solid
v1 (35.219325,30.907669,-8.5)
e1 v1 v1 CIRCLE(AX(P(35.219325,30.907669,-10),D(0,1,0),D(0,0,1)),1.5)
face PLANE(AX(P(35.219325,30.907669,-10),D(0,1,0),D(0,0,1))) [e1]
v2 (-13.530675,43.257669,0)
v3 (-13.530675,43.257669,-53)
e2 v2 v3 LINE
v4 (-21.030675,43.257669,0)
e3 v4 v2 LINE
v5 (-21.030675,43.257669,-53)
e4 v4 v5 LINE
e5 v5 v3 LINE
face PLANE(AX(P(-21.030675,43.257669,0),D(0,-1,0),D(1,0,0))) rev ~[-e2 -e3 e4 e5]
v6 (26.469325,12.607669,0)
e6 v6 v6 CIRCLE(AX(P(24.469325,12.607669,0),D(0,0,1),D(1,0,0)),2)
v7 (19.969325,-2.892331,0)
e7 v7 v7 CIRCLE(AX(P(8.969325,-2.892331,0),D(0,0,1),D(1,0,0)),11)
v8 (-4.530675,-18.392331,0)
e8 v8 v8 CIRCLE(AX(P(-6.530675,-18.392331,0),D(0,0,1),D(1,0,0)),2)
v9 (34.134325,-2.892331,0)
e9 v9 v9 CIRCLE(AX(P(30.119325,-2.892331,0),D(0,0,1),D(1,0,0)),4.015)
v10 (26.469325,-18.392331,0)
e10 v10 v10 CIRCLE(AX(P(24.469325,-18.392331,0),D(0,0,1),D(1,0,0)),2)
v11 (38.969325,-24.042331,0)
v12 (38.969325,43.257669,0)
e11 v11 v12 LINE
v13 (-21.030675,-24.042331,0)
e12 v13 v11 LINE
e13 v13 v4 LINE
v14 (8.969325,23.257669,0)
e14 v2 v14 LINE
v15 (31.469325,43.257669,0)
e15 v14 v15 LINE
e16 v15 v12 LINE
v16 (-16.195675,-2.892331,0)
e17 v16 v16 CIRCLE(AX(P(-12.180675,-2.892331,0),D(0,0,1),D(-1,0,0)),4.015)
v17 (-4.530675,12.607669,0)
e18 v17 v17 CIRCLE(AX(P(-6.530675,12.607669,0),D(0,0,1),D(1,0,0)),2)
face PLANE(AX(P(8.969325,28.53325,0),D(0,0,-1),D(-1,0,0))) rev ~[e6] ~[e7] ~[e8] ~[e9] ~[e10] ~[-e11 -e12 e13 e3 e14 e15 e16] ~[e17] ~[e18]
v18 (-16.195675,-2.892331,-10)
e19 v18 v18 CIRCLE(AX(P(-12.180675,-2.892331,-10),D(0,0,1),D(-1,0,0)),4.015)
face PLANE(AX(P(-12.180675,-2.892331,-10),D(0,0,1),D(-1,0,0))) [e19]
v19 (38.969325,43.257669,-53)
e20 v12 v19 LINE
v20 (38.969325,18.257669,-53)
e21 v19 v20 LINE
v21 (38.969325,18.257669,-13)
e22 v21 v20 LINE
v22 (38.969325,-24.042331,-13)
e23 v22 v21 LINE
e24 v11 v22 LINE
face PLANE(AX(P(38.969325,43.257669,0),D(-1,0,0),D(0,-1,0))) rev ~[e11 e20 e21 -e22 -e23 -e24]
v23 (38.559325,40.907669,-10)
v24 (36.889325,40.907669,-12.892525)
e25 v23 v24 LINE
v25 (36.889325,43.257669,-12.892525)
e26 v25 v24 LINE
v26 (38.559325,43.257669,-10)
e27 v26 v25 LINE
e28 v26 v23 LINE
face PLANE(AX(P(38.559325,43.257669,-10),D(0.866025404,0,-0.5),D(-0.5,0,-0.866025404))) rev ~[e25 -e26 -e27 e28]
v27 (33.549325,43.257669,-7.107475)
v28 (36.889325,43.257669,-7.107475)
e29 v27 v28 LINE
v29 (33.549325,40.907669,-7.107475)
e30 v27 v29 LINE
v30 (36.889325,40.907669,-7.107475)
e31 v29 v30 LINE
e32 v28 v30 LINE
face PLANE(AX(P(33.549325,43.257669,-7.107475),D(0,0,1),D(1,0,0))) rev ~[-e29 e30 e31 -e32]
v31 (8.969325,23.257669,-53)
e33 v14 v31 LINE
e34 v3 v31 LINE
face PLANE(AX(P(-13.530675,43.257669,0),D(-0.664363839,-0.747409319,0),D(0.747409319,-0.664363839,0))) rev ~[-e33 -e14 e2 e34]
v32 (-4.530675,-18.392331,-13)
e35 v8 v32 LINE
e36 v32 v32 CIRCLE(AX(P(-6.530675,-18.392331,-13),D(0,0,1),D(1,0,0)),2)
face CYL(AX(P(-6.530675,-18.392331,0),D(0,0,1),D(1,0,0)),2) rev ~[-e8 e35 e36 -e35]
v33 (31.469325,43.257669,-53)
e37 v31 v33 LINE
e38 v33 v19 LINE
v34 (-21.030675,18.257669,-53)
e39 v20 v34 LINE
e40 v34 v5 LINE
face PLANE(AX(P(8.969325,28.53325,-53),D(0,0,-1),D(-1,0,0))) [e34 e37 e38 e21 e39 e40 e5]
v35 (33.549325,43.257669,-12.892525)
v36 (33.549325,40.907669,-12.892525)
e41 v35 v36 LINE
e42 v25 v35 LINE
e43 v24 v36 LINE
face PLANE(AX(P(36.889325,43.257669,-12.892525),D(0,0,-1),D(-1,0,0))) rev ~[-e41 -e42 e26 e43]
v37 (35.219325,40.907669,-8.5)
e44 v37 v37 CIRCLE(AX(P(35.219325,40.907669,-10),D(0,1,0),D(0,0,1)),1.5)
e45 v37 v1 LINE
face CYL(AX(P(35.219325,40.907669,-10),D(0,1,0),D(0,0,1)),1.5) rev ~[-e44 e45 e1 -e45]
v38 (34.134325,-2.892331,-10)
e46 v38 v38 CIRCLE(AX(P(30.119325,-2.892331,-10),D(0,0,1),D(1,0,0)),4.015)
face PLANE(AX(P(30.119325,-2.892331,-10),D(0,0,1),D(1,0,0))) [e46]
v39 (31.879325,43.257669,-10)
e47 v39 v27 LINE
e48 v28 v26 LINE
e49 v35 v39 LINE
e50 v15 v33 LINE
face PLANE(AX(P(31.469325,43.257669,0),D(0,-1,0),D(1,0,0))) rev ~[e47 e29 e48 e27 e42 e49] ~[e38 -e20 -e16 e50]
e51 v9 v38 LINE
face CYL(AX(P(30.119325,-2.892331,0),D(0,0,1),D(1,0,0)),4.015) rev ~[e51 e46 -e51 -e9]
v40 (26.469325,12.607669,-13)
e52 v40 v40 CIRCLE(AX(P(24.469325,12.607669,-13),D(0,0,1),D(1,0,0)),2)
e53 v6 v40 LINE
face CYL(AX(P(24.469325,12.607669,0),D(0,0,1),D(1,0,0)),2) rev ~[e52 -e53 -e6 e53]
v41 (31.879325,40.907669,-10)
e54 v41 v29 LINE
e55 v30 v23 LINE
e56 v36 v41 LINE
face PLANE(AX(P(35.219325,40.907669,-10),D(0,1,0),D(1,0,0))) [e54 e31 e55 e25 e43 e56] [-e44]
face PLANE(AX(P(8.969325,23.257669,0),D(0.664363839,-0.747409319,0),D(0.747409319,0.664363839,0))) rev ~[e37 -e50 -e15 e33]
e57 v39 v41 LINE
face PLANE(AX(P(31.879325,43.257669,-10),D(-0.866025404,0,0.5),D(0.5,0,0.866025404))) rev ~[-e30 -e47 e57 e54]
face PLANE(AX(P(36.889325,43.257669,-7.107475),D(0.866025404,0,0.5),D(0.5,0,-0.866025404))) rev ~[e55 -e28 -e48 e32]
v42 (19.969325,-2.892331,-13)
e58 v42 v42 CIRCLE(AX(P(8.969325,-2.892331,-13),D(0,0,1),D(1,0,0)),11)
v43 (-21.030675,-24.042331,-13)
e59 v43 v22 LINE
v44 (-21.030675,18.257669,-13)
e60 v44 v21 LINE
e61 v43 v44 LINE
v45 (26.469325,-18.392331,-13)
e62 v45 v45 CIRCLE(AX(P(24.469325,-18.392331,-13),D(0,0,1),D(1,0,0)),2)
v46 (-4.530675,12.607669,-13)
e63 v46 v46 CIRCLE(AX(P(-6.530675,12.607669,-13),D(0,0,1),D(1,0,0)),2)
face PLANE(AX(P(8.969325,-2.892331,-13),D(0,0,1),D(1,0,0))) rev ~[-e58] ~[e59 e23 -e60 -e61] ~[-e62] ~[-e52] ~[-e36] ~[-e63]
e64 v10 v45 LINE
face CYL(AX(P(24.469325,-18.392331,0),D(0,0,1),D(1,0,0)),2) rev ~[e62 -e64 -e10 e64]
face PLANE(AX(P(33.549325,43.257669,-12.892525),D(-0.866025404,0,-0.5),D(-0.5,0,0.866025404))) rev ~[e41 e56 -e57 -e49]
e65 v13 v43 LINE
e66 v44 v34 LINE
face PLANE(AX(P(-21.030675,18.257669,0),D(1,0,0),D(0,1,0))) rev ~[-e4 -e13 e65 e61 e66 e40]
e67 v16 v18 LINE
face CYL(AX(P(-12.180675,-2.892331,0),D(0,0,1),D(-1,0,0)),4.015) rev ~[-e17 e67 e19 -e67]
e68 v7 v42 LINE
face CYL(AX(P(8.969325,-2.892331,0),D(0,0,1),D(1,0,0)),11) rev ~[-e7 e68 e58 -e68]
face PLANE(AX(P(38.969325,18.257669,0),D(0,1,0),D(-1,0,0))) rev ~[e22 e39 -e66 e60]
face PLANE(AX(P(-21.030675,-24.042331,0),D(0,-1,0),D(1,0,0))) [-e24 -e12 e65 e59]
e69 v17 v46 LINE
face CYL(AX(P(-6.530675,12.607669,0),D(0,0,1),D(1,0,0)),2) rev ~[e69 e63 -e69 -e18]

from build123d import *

# Parameters (mm, degrees)
SKETCH2_W           = 60
SKETCH2_H           = 42.3
BOSS_EXTRUDE1_DEPTH = 13
SKETCH4_R           = 11
SKETCH4_R_2         = 2
CUT_EXTRUDE1_DEPTH  = 48.598760453
SKETCH5_R           = 4.015
CUT_EXTRUDE2_DEPTH  = 10
BOSS_EXTRUDE2_DEPTH = 53
CUT_EXTRUDE3_DEPTH  = 2.35
SKETCH8_R           = 1.5
CUT_EXTRUDE4_DEPTH  = 10


with BuildPart() as part:
    # Sketch2 → Boss-Extrude1 (new body)
    with BuildSketch(Plane.XY):
        with Locations((8.969325153, -2.892331288)):
            Rectangle(SKETCH2_W, SKETCH2_H)
    extrude(amount=-BOSS_EXTRUDE1_DEPTH)

    # Sketch4 → Cut-Extrude1 (cut, through all)
    with BuildSketch(Plane.XY):
        with Locations((8.969325153, -2.892331288)):
            Circle(SKETCH4_R)
        with Locations((24.469325153, 12.607668712)):
            Circle(SKETCH4_R_2)
        with Locations((-6.530674847, 12.607668712)):
            Circle(SKETCH4_R_2)
        with Locations((24.469325153, -18.392331288)):
            Circle(SKETCH4_R_2)
        with Locations((-6.530674847, -18.392331288)):
            Circle(SKETCH4_R_2)
    extrude(amount=-CUT_EXTRUDE1_DEPTH, mode=Mode.SUBTRACT)

    # Sketch5 → Cut-Extrude2 (cut)
    with BuildSketch(Plane.XY):
        with Locations((30.119325153, -2.892331288)):
            Circle(SKETCH5_R)
        with Locations(Location((-12.180674847, -2.892331288, 0), (0, 0, 180))):
            Circle(SKETCH5_R)
    extrude(amount=-CUT_EXTRUDE2_DEPTH, mode=Mode.SUBTRACT)

    # Sketch6 → Boss-Extrude2 (add)
    with BuildSketch(Plane.XY):
        Polygon((-21.030674847, 18.257668712), (-21.030674847, 43.257668712), (-13.530674847, 43.257668712), (8.969325153, 23.257668712), (31.469325153, 43.257668712), (38.969325153, 43.257668712), (38.969325153, 18.257668712), align=None)
    extrude(amount=-BOSS_EXTRUDE2_DEPTH)

    # Sketch7 → Cut-Extrude3 (cut)
    with BuildSketch(Plane(origin=(0, 43.257668712, 0), x_dir=(1, 0, 0), z_dir=(0, 1, 0))):
        Polygon((38.559325153, 10), (36.889325153, 12.892524849), (33.549325153, 12.892524849), (31.879325153, 10), (33.549325153, 7.107475151), (36.889325153, 7.107475151), align=None)
    extrude(amount=-CUT_EXTRUDE3_DEPTH, mode=Mode.SUBTRACT)

    # Sketch8 → Cut-Extrude4 (cut)
    with BuildSketch(Plane(origin=(0, 40.907668712, 0), x_dir=(1, 0, 0), z_dir=(0, 1, 0))):
        with Locations(Location((35.219325153, 10, 0), (0, 0, 270))):
            Circle(SKETCH8_R)
    extrude(amount=-CUT_EXTRUDE4_DEPTH, mode=Mode.SUBTRACT)


solid = part.part
